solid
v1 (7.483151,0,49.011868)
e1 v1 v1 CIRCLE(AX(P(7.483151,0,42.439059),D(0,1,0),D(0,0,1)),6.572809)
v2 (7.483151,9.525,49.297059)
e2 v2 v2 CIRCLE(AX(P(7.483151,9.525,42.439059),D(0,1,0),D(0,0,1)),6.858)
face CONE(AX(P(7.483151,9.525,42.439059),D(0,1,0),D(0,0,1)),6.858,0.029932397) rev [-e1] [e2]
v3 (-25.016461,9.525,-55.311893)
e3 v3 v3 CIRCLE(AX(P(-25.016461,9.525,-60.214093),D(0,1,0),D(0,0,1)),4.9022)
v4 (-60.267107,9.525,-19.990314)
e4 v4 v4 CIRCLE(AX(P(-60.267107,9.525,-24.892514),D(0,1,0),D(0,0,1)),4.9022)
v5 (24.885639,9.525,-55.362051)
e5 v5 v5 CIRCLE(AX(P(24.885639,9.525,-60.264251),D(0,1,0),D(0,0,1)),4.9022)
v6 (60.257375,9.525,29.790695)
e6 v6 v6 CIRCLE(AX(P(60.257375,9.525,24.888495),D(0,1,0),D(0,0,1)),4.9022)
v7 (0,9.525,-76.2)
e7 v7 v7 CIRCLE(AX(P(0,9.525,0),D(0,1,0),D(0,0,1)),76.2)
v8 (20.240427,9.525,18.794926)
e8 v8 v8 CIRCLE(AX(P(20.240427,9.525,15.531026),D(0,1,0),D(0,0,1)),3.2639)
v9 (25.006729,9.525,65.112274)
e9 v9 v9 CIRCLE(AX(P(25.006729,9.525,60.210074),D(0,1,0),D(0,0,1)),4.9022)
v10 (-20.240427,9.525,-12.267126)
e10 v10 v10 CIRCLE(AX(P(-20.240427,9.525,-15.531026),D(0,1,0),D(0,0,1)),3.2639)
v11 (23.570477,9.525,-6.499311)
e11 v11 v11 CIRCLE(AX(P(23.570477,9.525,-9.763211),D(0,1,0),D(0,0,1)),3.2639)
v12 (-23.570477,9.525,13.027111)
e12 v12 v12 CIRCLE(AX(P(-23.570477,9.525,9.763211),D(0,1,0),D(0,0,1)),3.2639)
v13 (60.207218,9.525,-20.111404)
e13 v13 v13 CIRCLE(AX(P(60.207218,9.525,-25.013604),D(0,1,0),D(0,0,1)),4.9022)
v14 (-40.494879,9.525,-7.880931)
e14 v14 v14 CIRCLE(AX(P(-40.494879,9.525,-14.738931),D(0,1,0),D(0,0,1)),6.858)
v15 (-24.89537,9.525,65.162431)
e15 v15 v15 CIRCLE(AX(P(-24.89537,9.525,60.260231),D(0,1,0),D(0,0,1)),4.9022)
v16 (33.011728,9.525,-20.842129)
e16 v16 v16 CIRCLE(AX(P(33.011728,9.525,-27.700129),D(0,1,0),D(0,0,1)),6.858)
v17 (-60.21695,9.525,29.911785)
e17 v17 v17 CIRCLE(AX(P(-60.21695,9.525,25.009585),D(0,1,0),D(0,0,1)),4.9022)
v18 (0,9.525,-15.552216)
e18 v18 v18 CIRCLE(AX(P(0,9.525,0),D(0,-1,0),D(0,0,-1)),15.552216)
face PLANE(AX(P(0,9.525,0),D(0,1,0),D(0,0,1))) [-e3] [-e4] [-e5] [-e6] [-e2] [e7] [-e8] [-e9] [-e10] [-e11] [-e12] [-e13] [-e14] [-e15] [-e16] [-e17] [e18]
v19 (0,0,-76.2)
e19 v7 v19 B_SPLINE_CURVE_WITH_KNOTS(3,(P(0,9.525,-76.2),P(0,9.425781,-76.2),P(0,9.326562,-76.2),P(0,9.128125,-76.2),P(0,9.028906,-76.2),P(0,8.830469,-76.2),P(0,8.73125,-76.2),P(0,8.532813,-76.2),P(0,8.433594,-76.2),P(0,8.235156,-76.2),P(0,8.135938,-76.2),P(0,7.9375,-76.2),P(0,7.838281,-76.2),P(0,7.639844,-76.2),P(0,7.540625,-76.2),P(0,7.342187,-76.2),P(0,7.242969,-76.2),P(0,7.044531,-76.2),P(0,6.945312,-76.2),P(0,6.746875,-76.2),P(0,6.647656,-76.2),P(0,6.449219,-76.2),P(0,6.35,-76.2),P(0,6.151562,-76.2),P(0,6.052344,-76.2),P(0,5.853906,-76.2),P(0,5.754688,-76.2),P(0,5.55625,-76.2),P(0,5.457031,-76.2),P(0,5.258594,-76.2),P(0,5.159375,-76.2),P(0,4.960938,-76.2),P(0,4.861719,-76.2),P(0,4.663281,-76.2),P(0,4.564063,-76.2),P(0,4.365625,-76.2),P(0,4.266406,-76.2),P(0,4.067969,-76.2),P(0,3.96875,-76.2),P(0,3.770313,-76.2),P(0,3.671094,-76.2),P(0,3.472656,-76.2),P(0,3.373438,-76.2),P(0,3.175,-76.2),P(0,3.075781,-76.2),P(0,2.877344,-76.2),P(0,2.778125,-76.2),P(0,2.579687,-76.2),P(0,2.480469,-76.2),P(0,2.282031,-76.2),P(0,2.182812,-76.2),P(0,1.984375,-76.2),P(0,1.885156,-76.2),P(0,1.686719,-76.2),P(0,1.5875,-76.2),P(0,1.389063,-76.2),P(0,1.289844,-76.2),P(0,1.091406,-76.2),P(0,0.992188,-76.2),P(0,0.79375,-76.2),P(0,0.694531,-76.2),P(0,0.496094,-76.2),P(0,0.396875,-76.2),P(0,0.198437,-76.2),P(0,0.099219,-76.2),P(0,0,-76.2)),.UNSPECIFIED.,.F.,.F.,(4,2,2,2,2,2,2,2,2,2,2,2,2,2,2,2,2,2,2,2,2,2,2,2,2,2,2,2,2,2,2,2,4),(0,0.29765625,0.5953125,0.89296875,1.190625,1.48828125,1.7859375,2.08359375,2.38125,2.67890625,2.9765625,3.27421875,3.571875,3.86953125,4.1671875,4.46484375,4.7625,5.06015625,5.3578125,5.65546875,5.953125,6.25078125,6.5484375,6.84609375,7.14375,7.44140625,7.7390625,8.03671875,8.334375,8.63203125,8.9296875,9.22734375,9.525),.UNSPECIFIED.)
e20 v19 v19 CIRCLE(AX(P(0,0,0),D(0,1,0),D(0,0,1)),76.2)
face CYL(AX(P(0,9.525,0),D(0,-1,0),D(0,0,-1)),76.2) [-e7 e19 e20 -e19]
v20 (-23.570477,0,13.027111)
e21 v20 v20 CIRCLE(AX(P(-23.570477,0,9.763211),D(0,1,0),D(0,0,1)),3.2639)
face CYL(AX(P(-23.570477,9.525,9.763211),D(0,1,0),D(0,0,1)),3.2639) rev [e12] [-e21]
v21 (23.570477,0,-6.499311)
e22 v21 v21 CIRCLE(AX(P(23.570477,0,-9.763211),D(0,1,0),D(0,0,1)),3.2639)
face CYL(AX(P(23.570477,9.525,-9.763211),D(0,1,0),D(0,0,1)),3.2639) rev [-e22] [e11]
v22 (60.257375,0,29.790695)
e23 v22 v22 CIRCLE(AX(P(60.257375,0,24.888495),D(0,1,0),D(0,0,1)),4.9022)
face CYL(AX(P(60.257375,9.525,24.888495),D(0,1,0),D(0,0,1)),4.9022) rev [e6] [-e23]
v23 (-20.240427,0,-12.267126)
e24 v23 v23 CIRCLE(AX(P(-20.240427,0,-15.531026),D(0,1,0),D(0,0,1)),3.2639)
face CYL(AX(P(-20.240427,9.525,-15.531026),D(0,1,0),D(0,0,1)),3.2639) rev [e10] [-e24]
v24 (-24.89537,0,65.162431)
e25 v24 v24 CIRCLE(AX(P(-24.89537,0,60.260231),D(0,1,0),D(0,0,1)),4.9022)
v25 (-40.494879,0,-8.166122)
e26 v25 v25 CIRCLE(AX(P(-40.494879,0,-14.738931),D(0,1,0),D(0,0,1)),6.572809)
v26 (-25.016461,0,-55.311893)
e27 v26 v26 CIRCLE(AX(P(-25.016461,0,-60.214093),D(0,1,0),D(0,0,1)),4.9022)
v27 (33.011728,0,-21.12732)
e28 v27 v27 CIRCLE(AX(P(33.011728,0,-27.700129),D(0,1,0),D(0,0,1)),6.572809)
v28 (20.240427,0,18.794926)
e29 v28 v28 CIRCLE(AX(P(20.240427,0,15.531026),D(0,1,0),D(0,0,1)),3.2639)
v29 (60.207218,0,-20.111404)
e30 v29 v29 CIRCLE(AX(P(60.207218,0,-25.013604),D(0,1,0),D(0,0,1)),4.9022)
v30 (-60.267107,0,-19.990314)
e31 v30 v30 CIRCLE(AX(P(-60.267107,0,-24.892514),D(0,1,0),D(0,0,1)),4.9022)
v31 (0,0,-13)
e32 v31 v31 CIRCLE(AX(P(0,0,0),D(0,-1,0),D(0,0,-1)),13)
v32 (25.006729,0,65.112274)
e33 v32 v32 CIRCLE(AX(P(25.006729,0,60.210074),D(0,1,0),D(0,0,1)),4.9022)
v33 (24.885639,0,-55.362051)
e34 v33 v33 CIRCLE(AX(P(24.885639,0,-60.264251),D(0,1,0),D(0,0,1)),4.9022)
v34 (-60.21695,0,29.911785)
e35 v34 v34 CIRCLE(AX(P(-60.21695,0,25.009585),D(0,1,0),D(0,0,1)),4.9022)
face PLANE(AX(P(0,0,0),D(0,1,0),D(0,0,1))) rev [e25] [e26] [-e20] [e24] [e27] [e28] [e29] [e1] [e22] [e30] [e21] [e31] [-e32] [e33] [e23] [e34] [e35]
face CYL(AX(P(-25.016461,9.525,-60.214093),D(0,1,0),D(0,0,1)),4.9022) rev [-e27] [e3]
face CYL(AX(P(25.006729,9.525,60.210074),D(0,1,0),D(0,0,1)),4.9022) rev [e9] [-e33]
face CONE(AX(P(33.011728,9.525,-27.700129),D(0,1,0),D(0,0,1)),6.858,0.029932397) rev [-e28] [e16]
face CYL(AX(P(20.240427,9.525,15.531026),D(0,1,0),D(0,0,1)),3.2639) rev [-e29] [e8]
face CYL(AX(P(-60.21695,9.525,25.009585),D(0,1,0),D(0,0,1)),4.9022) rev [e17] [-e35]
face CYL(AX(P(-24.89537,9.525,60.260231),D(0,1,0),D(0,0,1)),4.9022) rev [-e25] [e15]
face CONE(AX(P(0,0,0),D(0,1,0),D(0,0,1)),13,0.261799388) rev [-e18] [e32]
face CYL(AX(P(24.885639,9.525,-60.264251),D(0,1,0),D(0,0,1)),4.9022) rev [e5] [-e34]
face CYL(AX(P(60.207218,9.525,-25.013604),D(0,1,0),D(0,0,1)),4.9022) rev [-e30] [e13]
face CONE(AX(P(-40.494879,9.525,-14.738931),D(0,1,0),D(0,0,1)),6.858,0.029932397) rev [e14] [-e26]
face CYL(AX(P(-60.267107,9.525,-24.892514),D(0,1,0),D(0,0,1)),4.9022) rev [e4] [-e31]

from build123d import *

# Parameters (mm, degrees)
SKETCH1_R               = 76.2
BOSS_EXTRUDE1_DEPTH     = 9.525
CIRPATTERN6_COUNT       = 3
F_3_8_CLEARANCE_HOLE1_D = 9.8044
F_1_4_CLEARANCE_HOLE1_D = 6.5278


with BuildPart() as part:
    # Sketch1 → Boss-Extrude1 (new body)
    with BuildSketch(Plane(origin=(0, 0, 0), x_dir=(1, 0, 0), z_dir=(0, 1, 0))):
        with Locations(Location((0, 0, 0), (0, 0, 90))):
            Circle(SKETCH1_R)
    extrude(amount=BOSS_EXTRUDE1_DEPTH)

    # Sketch5 → Cut-Revolve1 (revolve, cut)
    with BuildSketch(Plane.XY, mode=Mode.PRIVATE) as cut_revolve1_sk:
        Polygon((0, 0), (0, 9.525), (15.552216058, 9.525), (13, 0), align=None)
    revolve(cut_revolve1_sk.sketch.rotate(Axis((0, 0, 0), (0, 1, 0)), 90), axis=Axis((0, 0, 0), (0, 1, 0)), mode=Mode.SUBTRACT)

    # Sketch15 → 1/4 NPT Tapped Hole1 (revolve, cut)
    with BuildSketch(Plane(origin=(33.011727721, 9.525, -27.700128555), x_dir=(0, 0, 1), z_dir=(1, 0, 0))):
        Polygon((0, 0), (0, 9.525), (5.5626, 9.525), (5.5626, 10.0203), (6.557978799, 10.0203), (6.858, 0), align=None)
    f_1_4_npt_tapped_hole1 = revolve(axis=Axis((33.011727721, 15.875, -27.700128555), (0, -1, 0)), mode=Mode.SUBTRACT)

    # CirPattern6: 1/4 NPT Tapped Hole1 ×3 about axis
    cirpattern6_axis = Axis((0, 0, 0), (0, 1, 0))
    for i in range(1, CIRPATTERN6_COUNT):
        add(f_1_4_npt_tapped_hole1.rotate(cirpattern6_axis, i * 360 / CIRPATTERN6_COUNT), mode=Mode.SUBTRACT)

    # 3/8 Clearance Hole1 (through all)
    with Locations(Plane(origin=(0, 9.525, 0), x_dir=(1, 0, 0), z_dir=(0, 1, 0))):
        with Locations((60.207217661, 25.013604371), (60.257374801, -24.888494705), (24.885638551, 60.264250563), (-25.016460514, 60.214093421), (-60.267106699, 24.892514335), (-60.216949569, -25.009584719), (-24.895370482, -60.260230921), (25.006728592, -60.210073801)):
            Hole(F_3_8_CLEARANCE_HOLE1_D / 2)

    # 1/4 Clearance Hole1 (through all)
    with Locations(Plane(origin=(0, 9.525, 0), x_dir=(1, 0, 0), z_dir=(0, 1, 0))):
        with Locations((-20.240427094, 15.531025958), (20.240427094, -15.531025958), (-23.570476573, -9.763211068), (23.570476573, 9.763211068)):
            Hole(F_1_4_CLEARANCE_HOLE1_D / 2)


solid = part.part
